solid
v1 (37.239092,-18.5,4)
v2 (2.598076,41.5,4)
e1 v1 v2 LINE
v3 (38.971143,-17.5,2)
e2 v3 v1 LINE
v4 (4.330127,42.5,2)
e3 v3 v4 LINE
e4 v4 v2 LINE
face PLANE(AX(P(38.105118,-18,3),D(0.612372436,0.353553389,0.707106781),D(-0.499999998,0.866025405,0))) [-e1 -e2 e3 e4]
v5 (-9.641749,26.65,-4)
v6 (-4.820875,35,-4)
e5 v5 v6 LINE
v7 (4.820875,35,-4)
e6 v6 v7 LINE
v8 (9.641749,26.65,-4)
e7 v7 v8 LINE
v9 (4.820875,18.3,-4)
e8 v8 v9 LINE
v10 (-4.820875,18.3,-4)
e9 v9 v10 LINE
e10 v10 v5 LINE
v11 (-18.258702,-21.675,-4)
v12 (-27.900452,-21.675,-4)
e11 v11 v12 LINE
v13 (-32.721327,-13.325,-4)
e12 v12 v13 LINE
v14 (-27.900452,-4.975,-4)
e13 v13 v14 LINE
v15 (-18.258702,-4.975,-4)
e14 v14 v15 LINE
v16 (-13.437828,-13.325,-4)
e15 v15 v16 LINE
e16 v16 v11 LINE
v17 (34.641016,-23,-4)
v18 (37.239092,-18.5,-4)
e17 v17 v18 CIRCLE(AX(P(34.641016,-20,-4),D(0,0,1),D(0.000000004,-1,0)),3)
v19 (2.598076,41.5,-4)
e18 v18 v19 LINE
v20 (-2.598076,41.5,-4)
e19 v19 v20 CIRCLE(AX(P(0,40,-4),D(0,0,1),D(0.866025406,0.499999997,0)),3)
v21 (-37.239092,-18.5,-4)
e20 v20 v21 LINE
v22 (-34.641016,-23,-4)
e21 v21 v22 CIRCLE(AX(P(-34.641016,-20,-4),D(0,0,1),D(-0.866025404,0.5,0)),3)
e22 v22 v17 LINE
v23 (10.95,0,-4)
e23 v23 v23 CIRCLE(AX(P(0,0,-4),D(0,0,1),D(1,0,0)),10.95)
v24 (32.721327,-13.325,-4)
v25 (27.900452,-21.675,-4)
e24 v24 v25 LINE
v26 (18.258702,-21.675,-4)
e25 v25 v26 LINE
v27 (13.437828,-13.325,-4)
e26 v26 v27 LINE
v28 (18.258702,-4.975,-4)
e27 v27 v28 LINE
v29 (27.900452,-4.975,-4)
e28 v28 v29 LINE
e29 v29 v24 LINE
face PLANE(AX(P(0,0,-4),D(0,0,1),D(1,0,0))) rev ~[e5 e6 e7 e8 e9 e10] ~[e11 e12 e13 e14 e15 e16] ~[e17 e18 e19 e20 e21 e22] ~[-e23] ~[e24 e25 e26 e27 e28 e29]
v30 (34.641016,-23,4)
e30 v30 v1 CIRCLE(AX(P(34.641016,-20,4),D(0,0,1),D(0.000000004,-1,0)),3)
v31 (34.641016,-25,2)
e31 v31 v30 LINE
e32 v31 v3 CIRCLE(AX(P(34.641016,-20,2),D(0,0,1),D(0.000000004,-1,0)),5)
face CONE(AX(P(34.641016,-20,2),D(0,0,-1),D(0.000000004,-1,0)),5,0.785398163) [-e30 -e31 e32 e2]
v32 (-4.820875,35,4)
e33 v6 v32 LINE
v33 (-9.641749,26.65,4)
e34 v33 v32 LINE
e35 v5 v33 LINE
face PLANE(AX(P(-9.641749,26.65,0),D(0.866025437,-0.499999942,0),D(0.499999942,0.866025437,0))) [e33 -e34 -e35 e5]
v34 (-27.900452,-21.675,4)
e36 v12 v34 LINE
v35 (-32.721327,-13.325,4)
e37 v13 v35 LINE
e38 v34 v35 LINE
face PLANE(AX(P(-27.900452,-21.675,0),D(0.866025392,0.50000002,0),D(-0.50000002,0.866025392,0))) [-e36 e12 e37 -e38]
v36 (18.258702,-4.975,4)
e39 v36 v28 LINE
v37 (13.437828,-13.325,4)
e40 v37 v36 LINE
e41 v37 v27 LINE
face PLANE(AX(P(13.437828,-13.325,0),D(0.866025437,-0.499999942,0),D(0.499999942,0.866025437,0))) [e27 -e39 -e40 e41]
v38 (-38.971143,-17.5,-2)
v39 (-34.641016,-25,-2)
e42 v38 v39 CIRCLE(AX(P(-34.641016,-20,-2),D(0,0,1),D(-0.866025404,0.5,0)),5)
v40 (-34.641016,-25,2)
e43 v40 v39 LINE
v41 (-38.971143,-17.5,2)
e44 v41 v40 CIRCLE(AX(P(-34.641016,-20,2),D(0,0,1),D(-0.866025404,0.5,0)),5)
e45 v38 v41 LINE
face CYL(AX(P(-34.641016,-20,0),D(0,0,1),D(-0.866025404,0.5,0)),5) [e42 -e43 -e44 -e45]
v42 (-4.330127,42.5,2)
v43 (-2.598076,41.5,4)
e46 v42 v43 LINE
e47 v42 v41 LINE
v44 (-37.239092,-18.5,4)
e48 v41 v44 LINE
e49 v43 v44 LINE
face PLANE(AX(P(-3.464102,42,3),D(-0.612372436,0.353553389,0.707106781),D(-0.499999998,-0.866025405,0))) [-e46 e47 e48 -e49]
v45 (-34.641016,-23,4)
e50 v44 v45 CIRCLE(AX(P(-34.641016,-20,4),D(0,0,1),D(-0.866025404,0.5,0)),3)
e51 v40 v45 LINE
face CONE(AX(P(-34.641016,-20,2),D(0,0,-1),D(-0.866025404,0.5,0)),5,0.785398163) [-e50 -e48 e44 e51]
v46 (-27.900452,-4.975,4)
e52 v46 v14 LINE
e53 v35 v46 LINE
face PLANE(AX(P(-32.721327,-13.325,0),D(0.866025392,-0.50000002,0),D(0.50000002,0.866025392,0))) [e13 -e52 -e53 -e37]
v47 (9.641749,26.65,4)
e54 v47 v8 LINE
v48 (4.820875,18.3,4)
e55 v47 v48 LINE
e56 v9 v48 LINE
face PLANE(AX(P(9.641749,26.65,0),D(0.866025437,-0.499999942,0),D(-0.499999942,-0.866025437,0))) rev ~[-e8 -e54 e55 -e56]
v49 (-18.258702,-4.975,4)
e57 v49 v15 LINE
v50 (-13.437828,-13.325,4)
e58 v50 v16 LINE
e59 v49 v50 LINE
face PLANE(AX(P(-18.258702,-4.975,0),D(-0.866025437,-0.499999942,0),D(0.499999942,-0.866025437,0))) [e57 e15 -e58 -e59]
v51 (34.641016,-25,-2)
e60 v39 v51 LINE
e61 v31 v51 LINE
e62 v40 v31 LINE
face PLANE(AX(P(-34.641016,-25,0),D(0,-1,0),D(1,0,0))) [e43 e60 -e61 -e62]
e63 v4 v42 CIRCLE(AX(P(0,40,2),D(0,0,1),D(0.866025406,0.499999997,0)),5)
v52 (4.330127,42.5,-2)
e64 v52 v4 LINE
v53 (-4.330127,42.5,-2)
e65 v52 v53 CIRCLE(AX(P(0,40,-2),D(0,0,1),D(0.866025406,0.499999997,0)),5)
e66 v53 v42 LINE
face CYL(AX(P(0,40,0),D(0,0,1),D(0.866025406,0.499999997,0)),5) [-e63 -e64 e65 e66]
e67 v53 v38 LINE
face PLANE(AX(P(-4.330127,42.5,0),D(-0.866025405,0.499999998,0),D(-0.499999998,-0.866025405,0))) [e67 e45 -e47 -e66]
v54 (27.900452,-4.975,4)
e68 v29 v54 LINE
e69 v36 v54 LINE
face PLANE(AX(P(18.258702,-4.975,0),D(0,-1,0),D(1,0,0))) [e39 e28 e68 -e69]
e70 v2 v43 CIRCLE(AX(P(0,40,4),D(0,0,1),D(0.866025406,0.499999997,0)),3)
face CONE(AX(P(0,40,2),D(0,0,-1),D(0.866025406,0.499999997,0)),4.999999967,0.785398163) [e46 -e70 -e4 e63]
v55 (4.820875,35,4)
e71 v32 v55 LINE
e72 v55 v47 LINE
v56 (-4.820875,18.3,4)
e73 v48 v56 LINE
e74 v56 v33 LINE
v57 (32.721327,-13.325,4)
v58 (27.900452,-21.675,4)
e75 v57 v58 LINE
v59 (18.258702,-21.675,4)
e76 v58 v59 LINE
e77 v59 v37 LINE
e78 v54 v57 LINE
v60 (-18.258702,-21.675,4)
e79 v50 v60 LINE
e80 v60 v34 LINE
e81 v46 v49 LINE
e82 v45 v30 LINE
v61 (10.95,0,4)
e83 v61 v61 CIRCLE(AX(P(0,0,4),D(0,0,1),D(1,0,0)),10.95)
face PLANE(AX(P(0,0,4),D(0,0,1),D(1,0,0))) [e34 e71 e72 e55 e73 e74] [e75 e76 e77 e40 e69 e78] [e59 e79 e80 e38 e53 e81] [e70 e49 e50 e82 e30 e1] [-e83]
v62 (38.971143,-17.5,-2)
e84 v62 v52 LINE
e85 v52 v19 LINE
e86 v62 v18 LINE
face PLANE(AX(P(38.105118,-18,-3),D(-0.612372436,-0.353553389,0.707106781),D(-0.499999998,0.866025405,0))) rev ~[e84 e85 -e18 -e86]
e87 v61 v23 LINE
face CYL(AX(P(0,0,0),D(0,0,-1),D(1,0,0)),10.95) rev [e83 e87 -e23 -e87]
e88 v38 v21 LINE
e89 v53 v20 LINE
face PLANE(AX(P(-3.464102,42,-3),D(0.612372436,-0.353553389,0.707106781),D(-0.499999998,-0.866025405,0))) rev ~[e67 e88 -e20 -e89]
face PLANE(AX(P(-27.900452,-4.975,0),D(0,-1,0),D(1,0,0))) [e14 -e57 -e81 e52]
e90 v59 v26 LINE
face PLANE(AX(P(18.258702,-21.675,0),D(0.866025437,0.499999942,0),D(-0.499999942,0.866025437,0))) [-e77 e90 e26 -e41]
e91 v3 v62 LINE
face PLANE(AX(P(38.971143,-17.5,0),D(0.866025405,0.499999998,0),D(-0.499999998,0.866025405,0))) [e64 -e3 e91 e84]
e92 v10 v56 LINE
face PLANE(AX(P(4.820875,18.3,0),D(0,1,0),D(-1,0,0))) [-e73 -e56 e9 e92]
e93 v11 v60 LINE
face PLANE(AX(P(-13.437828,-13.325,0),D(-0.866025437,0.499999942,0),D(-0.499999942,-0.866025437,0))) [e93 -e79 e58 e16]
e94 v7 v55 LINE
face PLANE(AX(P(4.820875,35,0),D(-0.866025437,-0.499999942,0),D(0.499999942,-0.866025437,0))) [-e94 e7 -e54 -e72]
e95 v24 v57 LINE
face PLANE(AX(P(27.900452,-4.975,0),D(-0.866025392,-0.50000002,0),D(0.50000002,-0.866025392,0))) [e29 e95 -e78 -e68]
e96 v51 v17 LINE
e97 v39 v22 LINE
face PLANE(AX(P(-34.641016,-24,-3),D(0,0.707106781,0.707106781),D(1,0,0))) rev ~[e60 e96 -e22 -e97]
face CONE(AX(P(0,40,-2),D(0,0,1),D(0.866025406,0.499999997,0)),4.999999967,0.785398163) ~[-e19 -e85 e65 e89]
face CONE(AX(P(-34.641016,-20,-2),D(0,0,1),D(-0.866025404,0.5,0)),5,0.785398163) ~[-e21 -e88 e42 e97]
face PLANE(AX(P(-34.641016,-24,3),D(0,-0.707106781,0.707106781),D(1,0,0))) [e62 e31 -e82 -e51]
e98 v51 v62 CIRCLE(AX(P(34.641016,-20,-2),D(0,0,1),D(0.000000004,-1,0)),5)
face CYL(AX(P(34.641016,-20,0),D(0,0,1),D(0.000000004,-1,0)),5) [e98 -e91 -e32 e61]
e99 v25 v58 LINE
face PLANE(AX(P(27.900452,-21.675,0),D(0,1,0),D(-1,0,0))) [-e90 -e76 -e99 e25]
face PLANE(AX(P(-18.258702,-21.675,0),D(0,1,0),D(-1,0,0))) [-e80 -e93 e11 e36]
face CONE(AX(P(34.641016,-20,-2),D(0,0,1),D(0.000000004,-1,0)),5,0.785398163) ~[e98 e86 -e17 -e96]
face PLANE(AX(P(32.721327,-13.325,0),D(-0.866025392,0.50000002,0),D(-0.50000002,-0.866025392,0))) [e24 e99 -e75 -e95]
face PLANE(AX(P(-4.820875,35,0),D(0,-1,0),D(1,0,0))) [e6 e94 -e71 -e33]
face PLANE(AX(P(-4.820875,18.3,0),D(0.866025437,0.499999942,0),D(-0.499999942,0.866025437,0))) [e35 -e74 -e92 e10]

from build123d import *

# Parameters (mm, degrees)
F0_R     = 10.95
F1_DEPTH = 4
F2_SIZE  = 2


with BuildPart() as f1:
    # F0 (on Top) → F1 (new body, symmetric)
    with BuildSketch(Plane.XY):
        with BuildLine():
            Line((38.971143, -17.5), (4.330127, 42.5))
            ThreePointArc((4.330127, 42.5), (0, 45), (-4.330127, 42.5))
            Line((-4.330127, 42.5), (-38.971143, -17.5))
            ThreePointArc((-38.971143, -17.5), (-38.971143, -22.5), (-34.641016, -25))
            Line((-34.641016, -25), (34.641016, -25))
            ThreePointArc((34.641016, -25), (38.971143, -22.5), (38.971143, -17.5))
        make_face()
        Polygon((-18.258702, -21.675), (-27.900452, -21.675), (-32.721327, -13.325), (-27.900452, -4.975), (-18.258702, -4.975), (-13.437828, -13.325), align=None, mode=Mode.SUBTRACT)
        Circle(F0_R, mode=Mode.SUBTRACT)
        Polygon((27.900452, -4.975), (32.721327, -13.325), (27.900452, -21.675), (18.258702, -21.675), (13.437828, -13.325), (18.258702, -4.975), align=None, mode=Mode.SUBTRACT)
        Polygon((9.641749, 26.65), (4.820875, 18.3), (-4.820875, 18.3), (-9.641749, 26.65), (-4.820875, 35), (4.820875, 35), align=None, mode=Mode.SUBTRACT)
    extrude(amount=F1_DEPTH, both=True)

    # F2
    f2_edges = [f1.edges().sort_by_distance(p)[0] for p in [
        (-21.650635, 12.5, 4),
        (21.650635, 12.5, 4),
        (-21.650635, 12.5, -4),
    ]]
    chamfer(f2_edges, length=F2_SIZE)


solid = f1.part
